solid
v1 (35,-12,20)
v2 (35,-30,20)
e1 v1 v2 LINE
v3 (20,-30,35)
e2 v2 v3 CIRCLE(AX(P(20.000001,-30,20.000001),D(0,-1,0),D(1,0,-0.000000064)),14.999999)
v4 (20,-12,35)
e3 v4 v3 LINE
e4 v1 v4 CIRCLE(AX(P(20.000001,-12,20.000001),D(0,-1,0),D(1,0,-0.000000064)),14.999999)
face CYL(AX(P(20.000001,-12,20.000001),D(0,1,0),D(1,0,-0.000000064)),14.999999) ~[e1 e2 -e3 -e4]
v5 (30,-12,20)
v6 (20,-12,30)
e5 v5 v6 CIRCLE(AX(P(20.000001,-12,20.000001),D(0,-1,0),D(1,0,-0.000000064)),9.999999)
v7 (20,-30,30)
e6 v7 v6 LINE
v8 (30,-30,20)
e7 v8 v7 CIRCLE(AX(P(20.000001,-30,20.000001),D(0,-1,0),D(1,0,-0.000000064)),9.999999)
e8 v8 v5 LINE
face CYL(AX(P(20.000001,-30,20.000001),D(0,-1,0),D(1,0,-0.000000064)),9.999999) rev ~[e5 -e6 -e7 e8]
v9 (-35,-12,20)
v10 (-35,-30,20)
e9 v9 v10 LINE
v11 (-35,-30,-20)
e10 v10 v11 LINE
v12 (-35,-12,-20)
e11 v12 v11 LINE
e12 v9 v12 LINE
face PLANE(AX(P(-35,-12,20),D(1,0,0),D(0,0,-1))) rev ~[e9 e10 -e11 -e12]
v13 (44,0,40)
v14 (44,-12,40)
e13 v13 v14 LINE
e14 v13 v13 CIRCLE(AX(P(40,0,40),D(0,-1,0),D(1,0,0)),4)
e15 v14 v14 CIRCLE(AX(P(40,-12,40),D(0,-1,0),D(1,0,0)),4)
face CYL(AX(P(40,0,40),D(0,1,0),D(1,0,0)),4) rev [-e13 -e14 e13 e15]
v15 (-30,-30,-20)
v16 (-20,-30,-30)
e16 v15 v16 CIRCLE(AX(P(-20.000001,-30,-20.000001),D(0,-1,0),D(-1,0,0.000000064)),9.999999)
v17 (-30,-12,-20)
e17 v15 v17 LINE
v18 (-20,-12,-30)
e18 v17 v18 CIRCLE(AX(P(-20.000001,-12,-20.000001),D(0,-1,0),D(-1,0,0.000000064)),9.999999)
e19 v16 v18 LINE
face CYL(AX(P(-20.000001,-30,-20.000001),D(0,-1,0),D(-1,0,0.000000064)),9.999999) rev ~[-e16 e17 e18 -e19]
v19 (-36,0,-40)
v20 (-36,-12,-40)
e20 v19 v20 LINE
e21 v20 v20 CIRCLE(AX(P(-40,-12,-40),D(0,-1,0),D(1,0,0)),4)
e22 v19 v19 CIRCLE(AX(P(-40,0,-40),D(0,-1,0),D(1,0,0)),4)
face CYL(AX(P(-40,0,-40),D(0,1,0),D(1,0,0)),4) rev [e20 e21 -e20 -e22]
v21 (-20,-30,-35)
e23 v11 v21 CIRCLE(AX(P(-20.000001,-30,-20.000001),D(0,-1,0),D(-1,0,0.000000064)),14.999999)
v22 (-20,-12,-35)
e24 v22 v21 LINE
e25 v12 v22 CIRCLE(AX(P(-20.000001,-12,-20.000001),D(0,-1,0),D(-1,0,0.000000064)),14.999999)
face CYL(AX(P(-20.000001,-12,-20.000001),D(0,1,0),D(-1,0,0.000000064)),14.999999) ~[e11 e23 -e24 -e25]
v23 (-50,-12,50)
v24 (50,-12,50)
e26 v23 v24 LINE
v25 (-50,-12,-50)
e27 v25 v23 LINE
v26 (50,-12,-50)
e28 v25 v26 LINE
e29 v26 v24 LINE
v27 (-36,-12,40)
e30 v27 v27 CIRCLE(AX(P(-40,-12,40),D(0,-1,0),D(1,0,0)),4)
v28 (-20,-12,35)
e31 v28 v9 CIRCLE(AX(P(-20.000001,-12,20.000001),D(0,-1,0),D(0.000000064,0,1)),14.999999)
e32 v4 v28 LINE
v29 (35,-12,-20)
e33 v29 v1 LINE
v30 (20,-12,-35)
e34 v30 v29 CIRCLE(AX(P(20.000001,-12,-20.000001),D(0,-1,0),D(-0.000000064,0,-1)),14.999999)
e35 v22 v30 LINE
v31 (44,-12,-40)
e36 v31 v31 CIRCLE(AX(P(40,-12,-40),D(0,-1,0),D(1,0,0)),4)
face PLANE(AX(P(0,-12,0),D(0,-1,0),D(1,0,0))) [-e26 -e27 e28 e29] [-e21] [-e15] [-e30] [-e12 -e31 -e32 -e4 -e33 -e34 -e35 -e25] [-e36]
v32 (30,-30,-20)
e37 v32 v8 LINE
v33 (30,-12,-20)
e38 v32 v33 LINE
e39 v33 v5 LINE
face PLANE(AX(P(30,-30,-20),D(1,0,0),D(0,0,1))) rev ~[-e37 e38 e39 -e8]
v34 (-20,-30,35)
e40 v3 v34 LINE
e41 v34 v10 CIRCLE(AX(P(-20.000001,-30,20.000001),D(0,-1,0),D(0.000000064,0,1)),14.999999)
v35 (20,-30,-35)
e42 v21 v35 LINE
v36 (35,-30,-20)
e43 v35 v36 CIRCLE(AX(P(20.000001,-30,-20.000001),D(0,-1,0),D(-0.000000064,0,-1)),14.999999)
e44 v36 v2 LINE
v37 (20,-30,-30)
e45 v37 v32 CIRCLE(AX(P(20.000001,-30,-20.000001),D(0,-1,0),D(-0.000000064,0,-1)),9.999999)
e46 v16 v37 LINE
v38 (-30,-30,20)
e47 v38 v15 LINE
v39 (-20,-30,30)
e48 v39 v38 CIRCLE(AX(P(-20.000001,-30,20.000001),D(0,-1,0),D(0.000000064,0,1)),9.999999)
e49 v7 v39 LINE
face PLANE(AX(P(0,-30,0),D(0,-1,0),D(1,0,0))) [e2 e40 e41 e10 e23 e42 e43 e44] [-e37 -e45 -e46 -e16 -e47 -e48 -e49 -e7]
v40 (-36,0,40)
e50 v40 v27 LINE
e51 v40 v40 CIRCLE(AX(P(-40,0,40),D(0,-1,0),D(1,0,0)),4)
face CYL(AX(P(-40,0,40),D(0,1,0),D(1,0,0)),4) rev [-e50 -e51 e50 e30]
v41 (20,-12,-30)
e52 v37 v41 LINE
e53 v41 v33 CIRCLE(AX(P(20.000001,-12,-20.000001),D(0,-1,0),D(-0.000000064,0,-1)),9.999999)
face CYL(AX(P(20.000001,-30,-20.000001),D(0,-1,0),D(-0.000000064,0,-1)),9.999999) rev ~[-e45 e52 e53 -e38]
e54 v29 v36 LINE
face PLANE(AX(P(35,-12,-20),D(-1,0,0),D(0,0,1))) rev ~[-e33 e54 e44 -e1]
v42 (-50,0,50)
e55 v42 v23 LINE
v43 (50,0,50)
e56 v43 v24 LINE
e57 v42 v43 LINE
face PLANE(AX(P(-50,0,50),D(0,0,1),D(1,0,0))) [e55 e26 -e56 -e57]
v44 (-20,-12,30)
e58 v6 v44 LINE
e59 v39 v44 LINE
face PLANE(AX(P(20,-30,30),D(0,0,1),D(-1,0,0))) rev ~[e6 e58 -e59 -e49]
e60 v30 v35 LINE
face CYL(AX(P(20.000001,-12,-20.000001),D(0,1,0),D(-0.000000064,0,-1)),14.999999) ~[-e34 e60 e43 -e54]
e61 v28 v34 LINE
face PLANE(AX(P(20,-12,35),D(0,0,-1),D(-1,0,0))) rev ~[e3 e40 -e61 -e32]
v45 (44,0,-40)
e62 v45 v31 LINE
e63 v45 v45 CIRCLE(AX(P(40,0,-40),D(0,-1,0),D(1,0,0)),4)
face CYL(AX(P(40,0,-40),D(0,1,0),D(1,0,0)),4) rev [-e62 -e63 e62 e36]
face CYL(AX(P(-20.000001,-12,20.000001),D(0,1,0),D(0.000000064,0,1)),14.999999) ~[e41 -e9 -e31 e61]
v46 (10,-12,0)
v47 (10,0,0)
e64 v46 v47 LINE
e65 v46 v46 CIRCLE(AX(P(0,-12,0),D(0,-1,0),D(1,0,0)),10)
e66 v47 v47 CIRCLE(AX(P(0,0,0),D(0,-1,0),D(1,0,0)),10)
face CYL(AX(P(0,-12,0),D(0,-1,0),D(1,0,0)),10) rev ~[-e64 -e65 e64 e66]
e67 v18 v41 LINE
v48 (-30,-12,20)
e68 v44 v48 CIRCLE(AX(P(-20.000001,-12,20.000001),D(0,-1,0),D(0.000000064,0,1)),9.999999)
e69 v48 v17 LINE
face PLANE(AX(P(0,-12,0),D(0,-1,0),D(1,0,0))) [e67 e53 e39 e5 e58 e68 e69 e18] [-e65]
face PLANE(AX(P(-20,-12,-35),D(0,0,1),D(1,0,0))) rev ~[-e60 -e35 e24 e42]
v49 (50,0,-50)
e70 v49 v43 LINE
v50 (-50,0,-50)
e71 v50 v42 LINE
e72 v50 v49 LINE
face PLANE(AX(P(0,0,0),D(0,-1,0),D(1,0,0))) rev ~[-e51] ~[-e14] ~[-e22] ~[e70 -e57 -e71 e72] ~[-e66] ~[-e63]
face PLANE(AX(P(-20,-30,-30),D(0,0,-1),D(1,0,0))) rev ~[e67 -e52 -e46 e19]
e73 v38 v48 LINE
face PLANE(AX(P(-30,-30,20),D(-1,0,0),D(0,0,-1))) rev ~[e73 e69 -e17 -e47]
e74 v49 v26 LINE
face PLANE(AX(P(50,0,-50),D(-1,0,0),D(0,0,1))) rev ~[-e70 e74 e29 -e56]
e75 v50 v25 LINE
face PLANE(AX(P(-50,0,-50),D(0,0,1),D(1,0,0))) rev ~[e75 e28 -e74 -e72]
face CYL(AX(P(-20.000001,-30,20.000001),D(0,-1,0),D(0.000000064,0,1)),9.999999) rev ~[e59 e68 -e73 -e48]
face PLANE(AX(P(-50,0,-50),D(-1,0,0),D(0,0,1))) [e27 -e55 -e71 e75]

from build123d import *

# Parameters (mm, degrees)
F0_W     = 100
F0_H     = 100
F0_R     = 4
F1_DEPTH = 12
F3_DEPTH = 18
F5_DEPTH = 18
F6_R     = 10
F7_DEPTH = 30


with BuildPart() as f1:
    # F0 (on Front) → F1 (new body)
    with BuildSketch(Plane.XZ):
        Rectangle(F0_W, F0_H)
        with Locations((-40, -40)):
            Circle(F0_R, mode=Mode.SUBTRACT)
        with Locations((40, -40)):
            Circle(F0_R, mode=Mode.SUBTRACT)
        with Locations((-40, 40)):
            Circle(F0_R, mode=Mode.SUBTRACT)
        with Locations((40, 40)):
            Circle(F0_R, mode=Mode.SUBTRACT)
    extrude(amount=F1_DEPTH)

    # F2 (on face) → F3 (join)
    with BuildSketch(Plane.XZ.offset(12)):
        with BuildLine():
            Line((20, 35), (-20, 35))
            ThreePointArc((-20, 35), (-30.606602, 30.606602), (-35, 20))
            Line((-35, 20), (-35, -20))
            ThreePointArc((-35, -20), (-30.606602, -30.606602), (-20, -35))
            Line((-20, -35), (20, -35))
            ThreePointArc((20, -35), (30.606602, -30.606602), (35, -20))
            Line((35, -20), (35, 20))
            ThreePointArc((35, 20), (30.606602, 30.606602), (20, 35))
        make_face()
    extrude(amount=F3_DEPTH)

    # F4 (on face) → F5 (cut)
    with BuildSketch(Plane.XZ.offset(30)):
        with BuildLine():
            Line((20, 30), (-20, 30))
            ThreePointArc((-20, 30), (-27.071068, 27.071068), (-30, 20))
            Line((-30, 20), (-30, -20))
            ThreePointArc((-30, -20), (-27.071068, -27.071068), (-20, -30))
            Line((-20, -30), (20, -30))
            ThreePointArc((20, -30), (27.071068, -27.071068), (30, -20))
            Line((30, -20), (30, 20))
            ThreePointArc((30, 20), (27.071068, 27.071068), (20, 30))
        make_face()
    extrude(amount=-F5_DEPTH, mode=Mode.SUBTRACT)

    # F6 (on face) → F7 (cut)
    with BuildSketch(Plane.XZ.offset(12)):
        Circle(F6_R)
    extrude(amount=-F7_DEPTH, mode=Mode.SUBTRACT)


solid = f1.part
